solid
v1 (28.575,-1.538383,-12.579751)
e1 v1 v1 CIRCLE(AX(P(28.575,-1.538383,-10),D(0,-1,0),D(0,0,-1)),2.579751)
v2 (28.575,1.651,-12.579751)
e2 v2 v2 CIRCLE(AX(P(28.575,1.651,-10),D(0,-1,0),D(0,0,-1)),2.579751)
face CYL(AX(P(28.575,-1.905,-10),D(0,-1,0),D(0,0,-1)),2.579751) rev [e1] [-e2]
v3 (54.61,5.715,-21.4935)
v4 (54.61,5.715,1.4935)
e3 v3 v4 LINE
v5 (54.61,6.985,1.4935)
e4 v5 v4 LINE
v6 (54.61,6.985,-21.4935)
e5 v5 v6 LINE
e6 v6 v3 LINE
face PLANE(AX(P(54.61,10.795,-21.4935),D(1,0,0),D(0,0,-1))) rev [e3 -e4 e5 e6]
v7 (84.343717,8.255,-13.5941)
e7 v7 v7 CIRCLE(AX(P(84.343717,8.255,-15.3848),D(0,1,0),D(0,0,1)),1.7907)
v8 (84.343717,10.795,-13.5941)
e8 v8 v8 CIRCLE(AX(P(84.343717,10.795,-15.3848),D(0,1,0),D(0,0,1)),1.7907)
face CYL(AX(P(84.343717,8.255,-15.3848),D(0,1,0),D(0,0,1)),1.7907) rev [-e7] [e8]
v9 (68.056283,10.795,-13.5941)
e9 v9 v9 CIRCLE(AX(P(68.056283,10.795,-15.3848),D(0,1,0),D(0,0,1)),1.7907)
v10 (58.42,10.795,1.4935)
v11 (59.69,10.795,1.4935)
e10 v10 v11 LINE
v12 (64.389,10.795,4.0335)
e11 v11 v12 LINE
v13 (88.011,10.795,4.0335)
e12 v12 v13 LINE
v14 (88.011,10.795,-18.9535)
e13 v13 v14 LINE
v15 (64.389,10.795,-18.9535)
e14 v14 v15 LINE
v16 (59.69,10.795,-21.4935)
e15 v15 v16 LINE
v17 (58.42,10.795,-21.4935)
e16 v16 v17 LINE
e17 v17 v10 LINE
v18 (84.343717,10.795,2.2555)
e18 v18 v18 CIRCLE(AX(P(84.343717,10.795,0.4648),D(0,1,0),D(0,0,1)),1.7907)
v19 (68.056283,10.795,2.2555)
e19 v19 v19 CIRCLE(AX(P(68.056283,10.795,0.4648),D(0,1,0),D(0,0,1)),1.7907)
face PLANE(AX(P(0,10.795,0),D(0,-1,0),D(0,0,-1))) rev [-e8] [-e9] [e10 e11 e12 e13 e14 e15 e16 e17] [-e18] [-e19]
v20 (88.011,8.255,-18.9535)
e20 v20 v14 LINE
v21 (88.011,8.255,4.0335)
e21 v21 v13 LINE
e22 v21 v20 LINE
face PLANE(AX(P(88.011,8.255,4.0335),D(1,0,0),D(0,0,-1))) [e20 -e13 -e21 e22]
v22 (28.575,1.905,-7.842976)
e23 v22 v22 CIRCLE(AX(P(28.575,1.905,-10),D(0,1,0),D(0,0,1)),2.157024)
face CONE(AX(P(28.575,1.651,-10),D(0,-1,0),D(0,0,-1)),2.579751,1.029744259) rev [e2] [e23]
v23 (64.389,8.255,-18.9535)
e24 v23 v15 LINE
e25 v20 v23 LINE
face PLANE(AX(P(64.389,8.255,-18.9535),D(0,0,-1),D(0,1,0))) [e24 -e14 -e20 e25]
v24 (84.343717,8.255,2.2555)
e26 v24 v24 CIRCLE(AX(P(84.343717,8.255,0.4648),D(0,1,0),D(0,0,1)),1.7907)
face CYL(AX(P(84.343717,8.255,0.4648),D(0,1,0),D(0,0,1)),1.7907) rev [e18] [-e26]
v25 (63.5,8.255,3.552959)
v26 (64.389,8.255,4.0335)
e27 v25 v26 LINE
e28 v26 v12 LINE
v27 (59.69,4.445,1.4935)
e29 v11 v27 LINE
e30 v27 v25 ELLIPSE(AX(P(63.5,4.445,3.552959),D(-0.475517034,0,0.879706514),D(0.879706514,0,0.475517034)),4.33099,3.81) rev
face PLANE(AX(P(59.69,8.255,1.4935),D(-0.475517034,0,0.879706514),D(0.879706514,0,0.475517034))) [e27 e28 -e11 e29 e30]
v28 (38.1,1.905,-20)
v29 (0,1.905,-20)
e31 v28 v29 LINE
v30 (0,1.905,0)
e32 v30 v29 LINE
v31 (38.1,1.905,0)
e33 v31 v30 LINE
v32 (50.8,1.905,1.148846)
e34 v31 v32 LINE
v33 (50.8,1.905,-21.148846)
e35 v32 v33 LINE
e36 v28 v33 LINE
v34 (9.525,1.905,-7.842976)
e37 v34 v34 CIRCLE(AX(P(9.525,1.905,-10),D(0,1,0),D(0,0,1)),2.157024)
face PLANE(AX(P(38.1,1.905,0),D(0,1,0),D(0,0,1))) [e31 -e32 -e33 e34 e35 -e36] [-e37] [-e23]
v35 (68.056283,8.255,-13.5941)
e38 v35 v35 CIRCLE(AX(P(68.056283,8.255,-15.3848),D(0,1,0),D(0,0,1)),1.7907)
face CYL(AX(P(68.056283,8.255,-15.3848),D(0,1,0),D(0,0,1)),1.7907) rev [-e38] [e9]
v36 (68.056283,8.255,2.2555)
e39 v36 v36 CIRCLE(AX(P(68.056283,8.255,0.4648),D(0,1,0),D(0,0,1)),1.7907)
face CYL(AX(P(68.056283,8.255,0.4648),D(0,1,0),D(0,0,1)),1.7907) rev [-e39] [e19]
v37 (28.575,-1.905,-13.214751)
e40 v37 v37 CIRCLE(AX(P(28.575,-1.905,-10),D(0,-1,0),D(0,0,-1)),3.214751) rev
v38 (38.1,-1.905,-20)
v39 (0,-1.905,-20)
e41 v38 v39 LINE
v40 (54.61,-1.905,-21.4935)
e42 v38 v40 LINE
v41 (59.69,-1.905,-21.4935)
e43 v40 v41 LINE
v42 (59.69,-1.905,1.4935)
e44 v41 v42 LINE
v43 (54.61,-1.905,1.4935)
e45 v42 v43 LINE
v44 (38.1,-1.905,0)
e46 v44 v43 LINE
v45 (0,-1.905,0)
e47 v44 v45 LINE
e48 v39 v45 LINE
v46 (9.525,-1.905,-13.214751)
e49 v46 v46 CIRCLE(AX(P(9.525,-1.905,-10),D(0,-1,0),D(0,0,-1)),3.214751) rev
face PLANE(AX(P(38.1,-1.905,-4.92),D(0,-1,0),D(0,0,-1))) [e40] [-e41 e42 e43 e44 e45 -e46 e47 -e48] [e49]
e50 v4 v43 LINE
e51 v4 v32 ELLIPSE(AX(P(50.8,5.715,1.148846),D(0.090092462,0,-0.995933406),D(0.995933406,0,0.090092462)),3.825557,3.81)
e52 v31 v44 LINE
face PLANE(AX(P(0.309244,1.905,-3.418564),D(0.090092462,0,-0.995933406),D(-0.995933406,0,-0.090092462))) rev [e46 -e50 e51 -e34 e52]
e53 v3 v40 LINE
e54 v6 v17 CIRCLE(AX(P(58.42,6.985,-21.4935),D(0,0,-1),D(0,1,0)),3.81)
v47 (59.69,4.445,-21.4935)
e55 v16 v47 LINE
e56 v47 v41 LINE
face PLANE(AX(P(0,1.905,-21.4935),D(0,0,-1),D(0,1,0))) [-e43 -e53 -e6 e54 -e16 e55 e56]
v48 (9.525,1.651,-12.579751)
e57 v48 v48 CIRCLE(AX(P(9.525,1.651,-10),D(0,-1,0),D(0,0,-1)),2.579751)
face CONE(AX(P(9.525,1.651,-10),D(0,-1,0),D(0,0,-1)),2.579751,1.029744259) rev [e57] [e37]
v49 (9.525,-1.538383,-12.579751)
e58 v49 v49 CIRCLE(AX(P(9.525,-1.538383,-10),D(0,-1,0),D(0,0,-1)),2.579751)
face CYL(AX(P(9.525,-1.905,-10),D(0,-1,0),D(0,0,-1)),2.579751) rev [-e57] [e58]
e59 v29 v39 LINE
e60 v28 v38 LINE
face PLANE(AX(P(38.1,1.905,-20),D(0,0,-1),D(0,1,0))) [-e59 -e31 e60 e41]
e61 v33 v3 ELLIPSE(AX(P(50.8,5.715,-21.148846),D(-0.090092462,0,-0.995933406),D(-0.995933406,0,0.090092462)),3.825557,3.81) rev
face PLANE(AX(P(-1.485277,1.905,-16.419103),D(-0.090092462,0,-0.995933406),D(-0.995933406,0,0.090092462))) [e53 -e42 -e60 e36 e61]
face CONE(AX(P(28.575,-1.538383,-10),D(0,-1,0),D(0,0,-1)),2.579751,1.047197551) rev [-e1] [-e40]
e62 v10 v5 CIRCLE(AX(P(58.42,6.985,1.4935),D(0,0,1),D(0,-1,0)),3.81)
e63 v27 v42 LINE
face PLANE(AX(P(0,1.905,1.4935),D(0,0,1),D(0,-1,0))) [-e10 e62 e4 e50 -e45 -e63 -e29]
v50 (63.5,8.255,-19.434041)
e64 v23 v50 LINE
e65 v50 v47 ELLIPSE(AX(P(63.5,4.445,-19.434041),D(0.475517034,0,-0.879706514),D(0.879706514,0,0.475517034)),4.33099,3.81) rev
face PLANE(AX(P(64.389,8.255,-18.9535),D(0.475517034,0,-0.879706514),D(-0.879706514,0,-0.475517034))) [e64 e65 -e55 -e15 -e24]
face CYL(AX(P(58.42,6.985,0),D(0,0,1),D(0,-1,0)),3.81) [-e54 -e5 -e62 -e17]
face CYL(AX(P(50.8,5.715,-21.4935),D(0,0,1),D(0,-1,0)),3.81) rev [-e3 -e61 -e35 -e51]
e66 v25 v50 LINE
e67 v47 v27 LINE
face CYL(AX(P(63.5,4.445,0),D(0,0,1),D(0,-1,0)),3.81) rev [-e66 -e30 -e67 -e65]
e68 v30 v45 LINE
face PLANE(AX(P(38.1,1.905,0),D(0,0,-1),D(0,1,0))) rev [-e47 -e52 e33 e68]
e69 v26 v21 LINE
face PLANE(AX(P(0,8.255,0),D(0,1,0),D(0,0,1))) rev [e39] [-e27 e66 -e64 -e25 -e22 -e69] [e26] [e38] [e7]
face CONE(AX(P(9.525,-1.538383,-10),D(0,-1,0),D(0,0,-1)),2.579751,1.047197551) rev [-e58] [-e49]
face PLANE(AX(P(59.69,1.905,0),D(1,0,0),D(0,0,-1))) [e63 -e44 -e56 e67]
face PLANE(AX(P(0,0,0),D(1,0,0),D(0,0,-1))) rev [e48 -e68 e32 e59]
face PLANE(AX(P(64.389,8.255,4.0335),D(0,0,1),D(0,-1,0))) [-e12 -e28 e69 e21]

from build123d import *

# Parameters (mm, degrees)
BODY_DEPTH                           = 38.1
F_13_64_0_20313_DIAMETER_HOLE1_D     = 5.159502
F_13_64_0_20313_DIAMETER_HOLE1_DEPTH = 3.556
F_13_64_0_20313_DIAMETER_HOLE1_TIP   = 1.550070783
CHAMFER1_SIZE                        = 0.635
CHAMFER1_SIZE2                       = 0.366617421
REACHER_DEPTH                        = 3.81
SKETCH13_W                           = 5.08
SKETCH13_H                           = 22.987
BOSS_EXTRUDE4_DEPTH                  = 8.89
SKETCH11_R                           = 1.7907
BOSS_EXTRUDE3_DEPTH                  = 2.54
FILLET1_R                            = 3.81


with BuildPart() as part:
    # Profile → Body (new body)
    with BuildSketch(Plane(origin=(0, 0, 0), x_dir=(0, 0, -1), z_dir=(1, 0, 0))):
        Polygon((20, -1.905), (20, 1.905), (0, 1.905), (0, -1.905), (4.92, -1.905), (10, -1.905), (15.08, -1.905), align=None)
    extrude(amount=BODY_DEPTH)

    # 13/64 (0.20313) Diameter Hole1
    with Locations(Plane(origin=(0, -1.905, 0), x_dir=(-1, 0, 0), z_dir=(0, -1, 0))):
        with Locations((-28.575, 10), (-9.525, 10)):
            Hole(F_13_64_0_20313_DIAMETER_HOLE1_D / 2, depth=F_13_64_0_20313_DIAMETER_HOLE1_DEPTH)
            with Locations((0, 0, -(F_13_64_0_20313_DIAMETER_HOLE1_DEPTH + F_13_64_0_20313_DIAMETER_HOLE1_TIP / 2))):  # 118° drill point
                Cone(0, F_13_64_0_20313_DIAMETER_HOLE1_D / 2, F_13_64_0_20313_DIAMETER_HOLE1_TIP, mode=Mode.SUBTRACT)

    # Chamfer1
    chamfer1_edges = [part.edges().sort_by_distance(p)[0] for p in [
        (6.945249, -1.905, -10),
        (25.995249, -1.905, -10),
    ]]
    chamfer1_side = [part.faces().sort_by_distance(p)[0] for p in [
        (19.05, -1.905, -10),
    ]]
    chamfer(chamfer1_edges, length=CHAMFER1_SIZE, length2=CHAMFER1_SIZE2, reference=chamfer1_side[0])

    # Sketch9 → Reacher (add)
    with BuildSketch(Plane(origin=(0, -1.905, 0), x_dir=(1, 0, 0), z_dir=(0, 1, 0))):
        Polygon((54.61, 21.4935), (38.1, 20), (38.1, 0), (54.61, -1.4935), (59.69, -1.4935), (59.69, 21.4935), align=None)
    extrude(amount=REACHER_DEPTH)

    # Sketch13 → Boss-Extrude4 (add)
    with BuildSketch(Plane(origin=(0, 1.905, 0), x_dir=(1, 0, 0), z_dir=(0, 1, 0))):
        with Locations((57.15, 10)):
            Rectangle(SKETCH13_W, SKETCH13_H)
    extrude(amount=BOSS_EXTRUDE4_DEPTH)

    # Sketch11 → Boss-Extrude3 (add)
    with BuildSketch(Plane(origin=(0, 10.795, 0), x_dir=(1, 0, 0), z_dir=(0, 1, 0))):
        Polygon((64.389, -4.0335), (88.011, -4.0335), (88.011, 18.9535), (64.389, 18.9535), (59.69, 21.4935), (59.69, -1.4935), align=None)
        with Locations((68.056282873, 15.3848)):
            Circle(SKETCH11_R, mode=Mode.SUBTRACT)
        with Locations((84.343717127, 15.3848)):
            Circle(SKETCH11_R, mode=Mode.SUBTRACT)
        with Locations((84.343717127, -0.4648)):
            Circle(SKETCH11_R, mode=Mode.SUBTRACT)
        with Locations((68.056282873, -0.4648)):
            Circle(SKETCH11_R, mode=Mode.SUBTRACT)
    extrude(amount=-BOSS_EXTRUDE3_DEPTH)

    # Fillet1
    fillet1_edges = [part.edges().sort_by_distance(p)[0] for p in [
        (54.61, 1.905, -10),
        (54.61, 10.795, -10),
        (59.69, 8.255, -10),
    ]]
    fillet(fillet1_edges, radius=FILLET1_R)


solid = part.part
